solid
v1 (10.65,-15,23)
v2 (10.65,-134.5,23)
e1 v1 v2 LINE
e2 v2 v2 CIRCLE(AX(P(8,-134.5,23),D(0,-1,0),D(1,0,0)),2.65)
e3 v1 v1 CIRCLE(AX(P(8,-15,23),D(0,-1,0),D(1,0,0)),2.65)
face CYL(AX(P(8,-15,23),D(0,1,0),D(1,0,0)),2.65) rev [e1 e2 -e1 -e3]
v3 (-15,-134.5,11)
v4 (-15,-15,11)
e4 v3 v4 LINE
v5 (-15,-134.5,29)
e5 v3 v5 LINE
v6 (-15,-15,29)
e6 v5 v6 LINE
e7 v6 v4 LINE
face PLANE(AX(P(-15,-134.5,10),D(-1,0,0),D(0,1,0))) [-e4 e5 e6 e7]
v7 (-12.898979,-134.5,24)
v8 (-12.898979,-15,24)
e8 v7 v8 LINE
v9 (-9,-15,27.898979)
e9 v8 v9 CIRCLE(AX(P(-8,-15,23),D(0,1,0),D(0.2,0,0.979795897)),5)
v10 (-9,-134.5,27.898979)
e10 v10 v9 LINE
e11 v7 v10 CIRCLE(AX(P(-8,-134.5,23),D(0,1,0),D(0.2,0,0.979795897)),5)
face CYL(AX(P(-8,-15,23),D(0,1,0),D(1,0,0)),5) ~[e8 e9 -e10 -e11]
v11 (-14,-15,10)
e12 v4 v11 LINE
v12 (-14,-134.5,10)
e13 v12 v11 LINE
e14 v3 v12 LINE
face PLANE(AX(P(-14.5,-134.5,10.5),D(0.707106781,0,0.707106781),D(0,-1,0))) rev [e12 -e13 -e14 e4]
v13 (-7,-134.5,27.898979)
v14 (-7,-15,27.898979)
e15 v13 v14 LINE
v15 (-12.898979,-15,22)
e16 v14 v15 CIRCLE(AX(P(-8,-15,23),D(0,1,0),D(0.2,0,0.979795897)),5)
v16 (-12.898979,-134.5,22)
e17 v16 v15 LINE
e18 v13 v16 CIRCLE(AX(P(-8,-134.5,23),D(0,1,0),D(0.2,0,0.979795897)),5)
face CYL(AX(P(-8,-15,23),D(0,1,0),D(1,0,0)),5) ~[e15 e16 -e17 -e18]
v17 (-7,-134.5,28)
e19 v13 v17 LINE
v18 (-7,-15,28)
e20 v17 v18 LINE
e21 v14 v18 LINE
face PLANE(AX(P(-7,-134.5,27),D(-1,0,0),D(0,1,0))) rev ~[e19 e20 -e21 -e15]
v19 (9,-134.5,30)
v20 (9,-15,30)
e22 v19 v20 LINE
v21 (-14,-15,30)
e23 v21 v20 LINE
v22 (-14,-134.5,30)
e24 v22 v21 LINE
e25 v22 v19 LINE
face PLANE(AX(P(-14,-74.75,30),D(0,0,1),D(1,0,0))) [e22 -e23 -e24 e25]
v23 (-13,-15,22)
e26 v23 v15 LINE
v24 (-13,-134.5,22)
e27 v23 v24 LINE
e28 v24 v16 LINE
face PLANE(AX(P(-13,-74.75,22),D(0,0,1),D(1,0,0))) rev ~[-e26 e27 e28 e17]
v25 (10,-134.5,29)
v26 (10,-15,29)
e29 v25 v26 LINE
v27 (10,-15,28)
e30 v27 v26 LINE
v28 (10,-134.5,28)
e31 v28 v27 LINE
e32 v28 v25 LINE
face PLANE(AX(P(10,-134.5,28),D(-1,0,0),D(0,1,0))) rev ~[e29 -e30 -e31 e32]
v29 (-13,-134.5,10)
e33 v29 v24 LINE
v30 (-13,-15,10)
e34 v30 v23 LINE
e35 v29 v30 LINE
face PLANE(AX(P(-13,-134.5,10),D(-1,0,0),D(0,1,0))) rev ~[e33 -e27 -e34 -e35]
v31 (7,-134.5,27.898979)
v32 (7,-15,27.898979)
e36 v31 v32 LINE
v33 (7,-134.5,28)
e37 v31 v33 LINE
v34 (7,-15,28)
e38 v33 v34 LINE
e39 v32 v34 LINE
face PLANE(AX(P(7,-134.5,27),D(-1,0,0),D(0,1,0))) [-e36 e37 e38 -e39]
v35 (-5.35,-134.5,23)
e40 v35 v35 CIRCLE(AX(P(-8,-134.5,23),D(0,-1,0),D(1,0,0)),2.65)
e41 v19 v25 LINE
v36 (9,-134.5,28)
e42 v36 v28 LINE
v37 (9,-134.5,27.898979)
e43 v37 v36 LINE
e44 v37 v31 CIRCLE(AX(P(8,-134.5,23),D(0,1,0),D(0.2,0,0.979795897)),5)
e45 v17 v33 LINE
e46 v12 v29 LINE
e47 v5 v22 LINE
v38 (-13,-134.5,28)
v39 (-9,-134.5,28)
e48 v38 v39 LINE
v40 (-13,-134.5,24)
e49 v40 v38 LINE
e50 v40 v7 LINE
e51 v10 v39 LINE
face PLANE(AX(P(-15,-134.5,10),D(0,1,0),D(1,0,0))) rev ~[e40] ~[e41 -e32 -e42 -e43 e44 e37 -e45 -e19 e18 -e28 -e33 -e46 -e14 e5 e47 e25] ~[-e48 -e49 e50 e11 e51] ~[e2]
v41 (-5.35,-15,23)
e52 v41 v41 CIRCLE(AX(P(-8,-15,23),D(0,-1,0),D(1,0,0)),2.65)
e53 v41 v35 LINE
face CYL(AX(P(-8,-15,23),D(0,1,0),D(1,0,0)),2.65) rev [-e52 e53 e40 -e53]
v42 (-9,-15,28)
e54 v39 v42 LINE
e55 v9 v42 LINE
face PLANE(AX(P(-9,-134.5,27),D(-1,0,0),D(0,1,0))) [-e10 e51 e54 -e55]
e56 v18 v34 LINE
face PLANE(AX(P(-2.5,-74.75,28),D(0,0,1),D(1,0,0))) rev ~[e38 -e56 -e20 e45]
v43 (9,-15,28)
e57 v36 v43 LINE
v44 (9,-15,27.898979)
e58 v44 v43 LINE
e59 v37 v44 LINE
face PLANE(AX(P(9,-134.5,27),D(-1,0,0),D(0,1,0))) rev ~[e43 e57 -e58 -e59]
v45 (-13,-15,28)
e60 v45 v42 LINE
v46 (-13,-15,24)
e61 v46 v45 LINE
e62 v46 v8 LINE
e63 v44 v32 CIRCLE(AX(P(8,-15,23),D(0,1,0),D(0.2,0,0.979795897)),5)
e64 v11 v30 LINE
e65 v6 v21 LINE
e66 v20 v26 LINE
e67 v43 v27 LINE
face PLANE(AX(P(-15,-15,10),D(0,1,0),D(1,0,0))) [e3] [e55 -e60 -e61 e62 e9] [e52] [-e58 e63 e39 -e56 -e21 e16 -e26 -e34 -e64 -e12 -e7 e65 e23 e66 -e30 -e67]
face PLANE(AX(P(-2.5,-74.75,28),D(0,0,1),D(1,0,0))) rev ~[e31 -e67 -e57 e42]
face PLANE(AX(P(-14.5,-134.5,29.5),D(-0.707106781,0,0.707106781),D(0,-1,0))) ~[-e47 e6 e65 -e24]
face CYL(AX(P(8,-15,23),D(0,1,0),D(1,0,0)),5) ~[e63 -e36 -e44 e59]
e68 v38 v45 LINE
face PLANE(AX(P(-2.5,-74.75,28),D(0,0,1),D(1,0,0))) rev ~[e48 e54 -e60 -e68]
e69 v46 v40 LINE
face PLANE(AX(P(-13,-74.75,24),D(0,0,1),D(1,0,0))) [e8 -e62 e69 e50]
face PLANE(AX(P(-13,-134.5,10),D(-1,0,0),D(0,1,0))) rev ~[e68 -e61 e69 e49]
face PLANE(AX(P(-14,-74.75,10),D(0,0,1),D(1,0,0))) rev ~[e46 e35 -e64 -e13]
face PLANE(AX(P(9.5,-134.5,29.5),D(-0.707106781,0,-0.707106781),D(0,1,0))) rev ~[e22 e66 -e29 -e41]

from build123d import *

# Parameters (mm, degrees)
CYLINDER071_R         = 2.65
CYLINDER071_DEPTH     = 119.5
CYLINDER072_R         = 2.65
CYLINDER072_DEPTH     = 119.5
CYLINDER073_R         = 5
CYLINDER073_DEPTH     = 119.5
BOX062_W              = 2
BOX062_H              = 119.5
BOX062_DEPTH          = 2
BOX061_W              = 2
BOX061_H              = 119.5
BOX061_DEPTH          = 2
BOX060_W              = 2
BOX060_H              = 119.5
BOX060_DEPTH          = 2
BOX059_W              = 25
BOX059_H              = 119.5
BOX059_DEPTH          = 2
BOX058_W              = 2
BOX058_H              = 119.5
BOX058_DEPTH          = 20
CHAMFER006057003_SIZE = 1
CYLINDER074_R         = 5
CYLINDER074_DEPTH     = 119.5


with BuildPart() as cylinder071:
    # Cylinder071 → Cylinder071 (new body)
    with BuildSketch(Plane(origin=(-8, -15, 23), x_dir=(1, 0, 0), z_dir=(0, -1, 0))):
        Circle(CYLINDER071_R)
    extrude(amount=CYLINDER071_DEPTH)


with BuildPart() as fusion020006007003002009018004_body:
    # Cylinder072 → Cylinder072 (new body)
    with BuildSketch(Plane(origin=(8, -15, 23), x_dir=(1, 0, 0), z_dir=(0, -1, 0))):
        Circle(CYLINDER072_R)
    extrude(amount=CYLINDER072_DEPTH)

    # Fusion020006007003002009018004004020010005017: union Cylinder071
    add(cylinder071.part)


with BuildPart() as cylinder073:
    # Cylinder073 → Cylinder073 (new body)
    with BuildSketch(Plane(origin=(-8, -15, 23), x_dir=(1, 0, 0), z_dir=(0, -1, 0))):
        Circle(CYLINDER073_R)
    extrude(amount=CYLINDER073_DEPTH)


with BuildPart() as cube062:
    # Box062 → Box062 (new body)
    with BuildSketch(Plane(origin=(7, -134.5, 27), x_dir=(1, 0, 0), z_dir=(0, 0, 1))):
        with Locations((1, 59.75)):
            Rectangle(BOX062_W, BOX062_H)
    extrude(amount=BOX062_DEPTH)


with BuildPart() as cube061:
    # Box061 → Box061 (new body)
    with BuildSketch(Plane(origin=(-9, -134.5, 27), x_dir=(1, 0, 0), z_dir=(0, 0, 1))):
        with Locations((1, 59.75)):
            Rectangle(BOX061_W, BOX061_H)
    extrude(amount=BOX061_DEPTH)


with BuildPart() as cube060:
    # Box060 → Box060 (new body)
    with BuildSketch(Plane(origin=(-14, -134.5, 22), x_dir=(1, 0, 0), z_dir=(0, 0, 1))):
        with Locations((1, 59.75)):
            Rectangle(BOX060_W, BOX060_H)
    extrude(amount=BOX060_DEPTH)


with BuildPart() as cube059:
    # Box059 → Box059 (new body)
    with BuildSketch(Plane(origin=(-15, -134.5, 28), x_dir=(1, 0, 0), z_dir=(0, 0, 1))):
        with Locations((12.5, 59.75)):
            Rectangle(BOX059_W, BOX059_H)
    extrude(amount=BOX059_DEPTH)


with BuildPart() as chamfer006057003:
    # Box058 → Box058 (new body)
    with BuildSketch(Plane(origin=(-15, -134.5, 10), x_dir=(1, 0, 0), z_dir=(0, 0, 1))):
        with Locations((1, 59.75)):
            Rectangle(BOX058_W, BOX058_H)
    extrude(amount=BOX058_DEPTH)

    # Fusion020006007003002009018004004020010005015: union Cube059
    add(cube059.part)

    # Chamfer006057003
    chamfer006057003_edges = [chamfer006057003.edges().sort_by_distance(p)[0] for p in [
        (-15, -74.75, 10),
        (-15, -74.75, 30),
        (10, -74.75, 30),
    ]]
    chamfer(chamfer006057003_edges, length=CHAMFER006057003_SIZE)


with BuildPart() as top_side_120mm_wall:
    # Cylinder074 → Cylinder074 (new body)
    with BuildSketch(Plane(origin=(8, -15, 23), x_dir=(1, 0, 0), z_dir=(0, -1, 0))):
        Circle(CYLINDER074_R)
    extrude(amount=CYLINDER074_DEPTH)

    # Fusion020006007003002009018004004020010005016: union Cylinder073, Cube062, Cube061, Cube060, Chamfer006057003
    add(cylinder073.part)
    add(cube062.part)
    add(cube061.part)
    add(cube060.part)
    add(chamfer006057003.part)

    # Cut019003010004002005007: cut Fusion020006007003002009018004 body
    add(fusion020006007003002009018004_body.part, mode=Mode.SUBTRACT)


solid = top_side_120mm_wall.part
